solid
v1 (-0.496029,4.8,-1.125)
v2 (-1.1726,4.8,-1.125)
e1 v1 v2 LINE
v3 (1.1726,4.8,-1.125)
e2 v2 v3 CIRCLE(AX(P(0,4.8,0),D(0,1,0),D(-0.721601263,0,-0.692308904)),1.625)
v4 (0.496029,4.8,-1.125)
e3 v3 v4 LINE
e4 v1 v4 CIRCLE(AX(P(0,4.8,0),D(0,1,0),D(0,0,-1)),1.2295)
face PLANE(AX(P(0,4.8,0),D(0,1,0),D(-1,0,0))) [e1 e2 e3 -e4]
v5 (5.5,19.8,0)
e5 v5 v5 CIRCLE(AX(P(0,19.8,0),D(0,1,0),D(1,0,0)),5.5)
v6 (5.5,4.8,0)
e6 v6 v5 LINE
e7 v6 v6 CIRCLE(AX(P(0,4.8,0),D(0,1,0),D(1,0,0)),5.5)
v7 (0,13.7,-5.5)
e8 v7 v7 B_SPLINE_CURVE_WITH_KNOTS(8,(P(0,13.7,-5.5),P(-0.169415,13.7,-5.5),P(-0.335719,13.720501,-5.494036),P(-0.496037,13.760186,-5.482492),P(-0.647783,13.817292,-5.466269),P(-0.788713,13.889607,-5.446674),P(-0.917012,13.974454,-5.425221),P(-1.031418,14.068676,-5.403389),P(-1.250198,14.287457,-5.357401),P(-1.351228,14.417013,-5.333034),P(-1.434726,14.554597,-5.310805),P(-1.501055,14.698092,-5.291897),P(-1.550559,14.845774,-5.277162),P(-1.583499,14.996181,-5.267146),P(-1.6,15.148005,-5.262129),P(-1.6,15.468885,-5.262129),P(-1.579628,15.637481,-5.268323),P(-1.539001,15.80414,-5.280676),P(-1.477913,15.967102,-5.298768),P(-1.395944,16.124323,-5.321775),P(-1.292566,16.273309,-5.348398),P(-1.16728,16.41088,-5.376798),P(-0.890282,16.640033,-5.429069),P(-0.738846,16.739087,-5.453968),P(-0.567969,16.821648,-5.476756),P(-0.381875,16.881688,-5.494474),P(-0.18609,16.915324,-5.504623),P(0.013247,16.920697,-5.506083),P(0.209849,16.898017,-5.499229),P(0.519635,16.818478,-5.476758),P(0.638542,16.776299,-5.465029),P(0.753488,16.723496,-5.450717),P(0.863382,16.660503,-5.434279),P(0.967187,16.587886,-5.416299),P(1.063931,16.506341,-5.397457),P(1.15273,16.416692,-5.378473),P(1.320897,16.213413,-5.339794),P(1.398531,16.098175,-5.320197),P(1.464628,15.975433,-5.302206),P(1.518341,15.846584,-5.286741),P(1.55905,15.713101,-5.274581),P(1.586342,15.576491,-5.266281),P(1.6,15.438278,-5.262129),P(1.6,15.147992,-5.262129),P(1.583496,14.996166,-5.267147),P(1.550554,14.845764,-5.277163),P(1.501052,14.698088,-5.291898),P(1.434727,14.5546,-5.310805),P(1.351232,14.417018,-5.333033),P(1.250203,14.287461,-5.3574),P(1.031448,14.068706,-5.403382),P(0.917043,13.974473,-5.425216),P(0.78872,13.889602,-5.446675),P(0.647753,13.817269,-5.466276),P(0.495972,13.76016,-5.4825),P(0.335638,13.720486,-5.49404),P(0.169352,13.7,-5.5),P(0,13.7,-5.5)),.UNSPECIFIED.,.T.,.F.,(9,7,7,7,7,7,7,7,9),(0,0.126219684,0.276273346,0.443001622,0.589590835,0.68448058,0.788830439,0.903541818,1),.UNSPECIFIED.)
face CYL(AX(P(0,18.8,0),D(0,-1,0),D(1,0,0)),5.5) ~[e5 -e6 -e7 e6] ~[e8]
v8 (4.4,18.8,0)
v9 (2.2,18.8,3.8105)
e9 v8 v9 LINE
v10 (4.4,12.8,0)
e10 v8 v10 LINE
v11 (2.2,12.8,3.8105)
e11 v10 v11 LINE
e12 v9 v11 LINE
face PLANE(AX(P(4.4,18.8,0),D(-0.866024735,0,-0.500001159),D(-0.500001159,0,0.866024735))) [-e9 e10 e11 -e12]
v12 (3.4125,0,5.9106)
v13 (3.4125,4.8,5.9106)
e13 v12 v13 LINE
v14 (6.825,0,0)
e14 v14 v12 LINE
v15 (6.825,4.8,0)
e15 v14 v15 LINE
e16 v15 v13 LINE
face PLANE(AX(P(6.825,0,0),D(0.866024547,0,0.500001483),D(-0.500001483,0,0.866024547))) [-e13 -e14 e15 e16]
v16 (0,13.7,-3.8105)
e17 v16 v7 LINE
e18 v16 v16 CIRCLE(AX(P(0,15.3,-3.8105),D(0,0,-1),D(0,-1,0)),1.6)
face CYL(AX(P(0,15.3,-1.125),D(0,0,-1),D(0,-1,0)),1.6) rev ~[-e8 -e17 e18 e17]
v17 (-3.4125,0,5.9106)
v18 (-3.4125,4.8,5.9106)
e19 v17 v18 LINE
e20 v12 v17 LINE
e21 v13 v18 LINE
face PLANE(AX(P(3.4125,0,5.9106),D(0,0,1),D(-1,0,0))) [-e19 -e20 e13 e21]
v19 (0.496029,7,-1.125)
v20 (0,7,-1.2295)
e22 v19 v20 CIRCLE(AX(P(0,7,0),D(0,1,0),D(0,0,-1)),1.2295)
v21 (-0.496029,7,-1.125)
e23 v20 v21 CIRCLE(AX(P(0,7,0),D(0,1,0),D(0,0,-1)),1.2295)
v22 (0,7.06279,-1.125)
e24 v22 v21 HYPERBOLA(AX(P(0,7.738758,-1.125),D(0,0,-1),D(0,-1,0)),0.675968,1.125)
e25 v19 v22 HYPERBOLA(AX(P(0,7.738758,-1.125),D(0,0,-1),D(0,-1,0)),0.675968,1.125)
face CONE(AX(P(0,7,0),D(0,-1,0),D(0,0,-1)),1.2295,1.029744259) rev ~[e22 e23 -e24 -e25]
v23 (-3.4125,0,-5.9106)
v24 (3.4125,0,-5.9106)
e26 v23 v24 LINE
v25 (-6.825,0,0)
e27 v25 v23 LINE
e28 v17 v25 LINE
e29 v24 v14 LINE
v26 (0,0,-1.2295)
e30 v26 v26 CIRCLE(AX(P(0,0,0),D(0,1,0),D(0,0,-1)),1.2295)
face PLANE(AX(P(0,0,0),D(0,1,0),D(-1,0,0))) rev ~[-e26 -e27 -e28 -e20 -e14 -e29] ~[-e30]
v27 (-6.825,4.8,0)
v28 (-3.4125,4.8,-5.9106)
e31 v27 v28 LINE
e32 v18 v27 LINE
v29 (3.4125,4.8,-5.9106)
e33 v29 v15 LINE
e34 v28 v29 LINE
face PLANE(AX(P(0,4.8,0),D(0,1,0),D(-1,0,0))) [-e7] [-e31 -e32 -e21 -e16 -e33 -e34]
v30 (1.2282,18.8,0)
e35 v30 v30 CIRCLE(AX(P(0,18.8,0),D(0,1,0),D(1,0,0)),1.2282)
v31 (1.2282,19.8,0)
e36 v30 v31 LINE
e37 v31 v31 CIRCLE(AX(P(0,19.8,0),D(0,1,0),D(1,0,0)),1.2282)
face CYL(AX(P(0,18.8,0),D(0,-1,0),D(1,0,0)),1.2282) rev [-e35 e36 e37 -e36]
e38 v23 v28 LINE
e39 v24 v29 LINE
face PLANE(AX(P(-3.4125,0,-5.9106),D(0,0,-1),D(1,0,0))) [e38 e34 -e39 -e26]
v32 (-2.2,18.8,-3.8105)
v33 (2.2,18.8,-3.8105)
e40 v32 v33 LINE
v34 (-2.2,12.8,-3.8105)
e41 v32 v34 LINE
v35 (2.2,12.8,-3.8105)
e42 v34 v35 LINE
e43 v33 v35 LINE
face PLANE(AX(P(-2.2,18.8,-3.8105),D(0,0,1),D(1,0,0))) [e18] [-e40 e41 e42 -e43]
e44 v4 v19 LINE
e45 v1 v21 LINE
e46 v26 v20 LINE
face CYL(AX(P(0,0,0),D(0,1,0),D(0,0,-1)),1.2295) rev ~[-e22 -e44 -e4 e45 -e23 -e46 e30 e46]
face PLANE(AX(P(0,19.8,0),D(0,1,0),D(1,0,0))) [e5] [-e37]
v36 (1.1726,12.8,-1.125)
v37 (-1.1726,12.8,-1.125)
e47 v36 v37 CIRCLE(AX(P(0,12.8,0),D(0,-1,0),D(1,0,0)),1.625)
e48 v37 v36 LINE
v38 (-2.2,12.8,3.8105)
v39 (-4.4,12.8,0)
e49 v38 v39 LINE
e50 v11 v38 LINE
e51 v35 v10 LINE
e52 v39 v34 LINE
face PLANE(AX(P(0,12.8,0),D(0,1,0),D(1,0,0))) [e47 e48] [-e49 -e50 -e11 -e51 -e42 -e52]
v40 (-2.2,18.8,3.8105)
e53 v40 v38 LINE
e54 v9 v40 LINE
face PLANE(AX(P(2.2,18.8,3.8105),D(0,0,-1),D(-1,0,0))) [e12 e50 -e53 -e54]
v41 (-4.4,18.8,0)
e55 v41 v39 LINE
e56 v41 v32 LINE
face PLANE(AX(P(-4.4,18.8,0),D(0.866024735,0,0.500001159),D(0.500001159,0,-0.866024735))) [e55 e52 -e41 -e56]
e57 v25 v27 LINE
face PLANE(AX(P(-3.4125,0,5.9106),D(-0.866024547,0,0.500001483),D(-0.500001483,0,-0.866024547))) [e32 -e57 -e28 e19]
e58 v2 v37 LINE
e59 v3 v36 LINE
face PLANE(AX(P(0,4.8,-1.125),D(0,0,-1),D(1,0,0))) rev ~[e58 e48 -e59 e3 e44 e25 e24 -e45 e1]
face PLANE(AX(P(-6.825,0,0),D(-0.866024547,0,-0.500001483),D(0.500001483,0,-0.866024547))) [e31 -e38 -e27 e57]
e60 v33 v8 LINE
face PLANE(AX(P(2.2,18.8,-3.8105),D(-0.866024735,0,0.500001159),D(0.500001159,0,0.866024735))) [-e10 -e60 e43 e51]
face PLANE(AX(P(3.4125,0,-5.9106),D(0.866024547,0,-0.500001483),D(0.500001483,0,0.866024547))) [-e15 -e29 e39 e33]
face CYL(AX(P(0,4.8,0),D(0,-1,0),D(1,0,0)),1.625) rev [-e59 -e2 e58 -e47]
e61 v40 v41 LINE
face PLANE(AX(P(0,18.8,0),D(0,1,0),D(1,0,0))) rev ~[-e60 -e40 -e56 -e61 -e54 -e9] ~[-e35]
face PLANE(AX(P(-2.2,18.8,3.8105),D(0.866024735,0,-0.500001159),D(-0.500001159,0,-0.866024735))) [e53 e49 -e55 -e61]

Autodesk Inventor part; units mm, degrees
ref_plane "YZ Plane" through (0, 0, 0) normal (1, 0, 0) x (0, 1, 0)
ref_plane "XZ Plane" through (0, 0, 0) normal (0, 1, 0) x (-1, 0, 0)
ref_plane "XY Plane" through (0, 0, 0) normal (0, 0, 1) x (1, 0, 0)
sketch "Sketch1" plane through (0, 0, 0) normal (0, 1, 0) x (-1, 0, 0)
  line L0 (6.825, 0) -> (3.4125, -5.9106)
  line L1 (3.4125, -5.9106) -> (-3.4125, -5.9106)
  line L2 (-3.4125, -5.9106) -> (-6.825, 0)
  line L3 (-6.825, 0) -> (-3.4125, 5.9106)
  line L4 (-3.4125, 5.9106) -> (3.4125, 5.9106)
  line L5 (3.4125, 5.9106) -> (6.825, 0)
  point P0 (0, 0)
  point P1 (0, 0)
  dimension "d1" = 13.65
extrude "Extrusion1" add sketch "Sketch1" along normal blind 4.8
sketch "Sketch2" plane through (0, 4.8, 0) normal (0, 1, 0) x (1, 0, 0)
  circle A0 centre (0, 0) radius 5.5
  circle A1 centre (0, 0) radius 1.625
  line L0 (-1.1726, 1.125) -> (1.1726, 1.125)
  line L1 (0, -1.625) -> (0, 1.125)
  dimension "d4" = 11
  dimension "d5" = 3.25
  dimension "d56" = 2.75
extrude "Extrusion2" add sketch "Sketch2" along normal blind 14 contours A0 | L0 A1
sketch "Sketch7" plane through (-1.1726, 18.8, -1.125) normal (0, 0, 1) x (1, 0, 0)
  line L0 (0, 0) -> (2.3452, 0) projected
  line L1 (0, -14) -> (0, 0) projected
  line L2 (1.1726, 0) -> (1.1726, -3.5)
  circle A0 centre (1.1726, -3.5) radius 1
  point P0 (0, -0.5)
  point P1 (1.1726, -18.8)
  dimension "d33" = 3.5
  dimension "d34" = 2
hole "Hole1" at (0, 15.3, -1.125) direction (0, 0, -1) diameter 3.2 depth 8 tip angle 118
sketch "Sketch8" plane through (0, 0, 0) normal (0, -1, 0) x (1, 0, 0)
  circle A0 centre (0, 0) radius 1.5
  dimension "d42" = 3
hole "Hole2" at (0, 0, 0) direction (0, 1, 0) diameter 2.459 depth 7 tip angle 118
sketch "Sketch12" plane through (0, 18.8, 0) normal (0, 1, 0) x (1, 0, 0)
  line L0 (2.2, -3.8105) -> (-2.2, -3.8105)
  line L1 (-2.2, -3.8105) -> (-4.4, 0)
  line L2 (-4.4, 0) -> (-2.2, 3.8105)
  line L3 (-2.2, 3.8105) -> (2.2, 3.8105)
  line L4 (2.2, 3.8105) -> (4.4, 0)
  line L5 (4.4, 0) -> (2.2, -3.8105)
  line L6 (-1.1726, 1.125) -> (1.1726, 1.125) projected
  point P0 (0, 0)
  point P1 (0, 0)
  dimension "d64" = 4.4
  dimension "d69" = 7.621
extrude "Extrusion8" cut sketch "Sketch12" against normal blind 6
sketch "Sketch14" plane through (0, 18.8, 0) normal (0, 1, 0) x (1, 0, 0)
  circle A0 centre (0, 0) radius 5.5
  circle A1 centre (0, 0) radius 1.2282
extrude "Extrusion9" add sketch "Sketch14" along normal blind 1
